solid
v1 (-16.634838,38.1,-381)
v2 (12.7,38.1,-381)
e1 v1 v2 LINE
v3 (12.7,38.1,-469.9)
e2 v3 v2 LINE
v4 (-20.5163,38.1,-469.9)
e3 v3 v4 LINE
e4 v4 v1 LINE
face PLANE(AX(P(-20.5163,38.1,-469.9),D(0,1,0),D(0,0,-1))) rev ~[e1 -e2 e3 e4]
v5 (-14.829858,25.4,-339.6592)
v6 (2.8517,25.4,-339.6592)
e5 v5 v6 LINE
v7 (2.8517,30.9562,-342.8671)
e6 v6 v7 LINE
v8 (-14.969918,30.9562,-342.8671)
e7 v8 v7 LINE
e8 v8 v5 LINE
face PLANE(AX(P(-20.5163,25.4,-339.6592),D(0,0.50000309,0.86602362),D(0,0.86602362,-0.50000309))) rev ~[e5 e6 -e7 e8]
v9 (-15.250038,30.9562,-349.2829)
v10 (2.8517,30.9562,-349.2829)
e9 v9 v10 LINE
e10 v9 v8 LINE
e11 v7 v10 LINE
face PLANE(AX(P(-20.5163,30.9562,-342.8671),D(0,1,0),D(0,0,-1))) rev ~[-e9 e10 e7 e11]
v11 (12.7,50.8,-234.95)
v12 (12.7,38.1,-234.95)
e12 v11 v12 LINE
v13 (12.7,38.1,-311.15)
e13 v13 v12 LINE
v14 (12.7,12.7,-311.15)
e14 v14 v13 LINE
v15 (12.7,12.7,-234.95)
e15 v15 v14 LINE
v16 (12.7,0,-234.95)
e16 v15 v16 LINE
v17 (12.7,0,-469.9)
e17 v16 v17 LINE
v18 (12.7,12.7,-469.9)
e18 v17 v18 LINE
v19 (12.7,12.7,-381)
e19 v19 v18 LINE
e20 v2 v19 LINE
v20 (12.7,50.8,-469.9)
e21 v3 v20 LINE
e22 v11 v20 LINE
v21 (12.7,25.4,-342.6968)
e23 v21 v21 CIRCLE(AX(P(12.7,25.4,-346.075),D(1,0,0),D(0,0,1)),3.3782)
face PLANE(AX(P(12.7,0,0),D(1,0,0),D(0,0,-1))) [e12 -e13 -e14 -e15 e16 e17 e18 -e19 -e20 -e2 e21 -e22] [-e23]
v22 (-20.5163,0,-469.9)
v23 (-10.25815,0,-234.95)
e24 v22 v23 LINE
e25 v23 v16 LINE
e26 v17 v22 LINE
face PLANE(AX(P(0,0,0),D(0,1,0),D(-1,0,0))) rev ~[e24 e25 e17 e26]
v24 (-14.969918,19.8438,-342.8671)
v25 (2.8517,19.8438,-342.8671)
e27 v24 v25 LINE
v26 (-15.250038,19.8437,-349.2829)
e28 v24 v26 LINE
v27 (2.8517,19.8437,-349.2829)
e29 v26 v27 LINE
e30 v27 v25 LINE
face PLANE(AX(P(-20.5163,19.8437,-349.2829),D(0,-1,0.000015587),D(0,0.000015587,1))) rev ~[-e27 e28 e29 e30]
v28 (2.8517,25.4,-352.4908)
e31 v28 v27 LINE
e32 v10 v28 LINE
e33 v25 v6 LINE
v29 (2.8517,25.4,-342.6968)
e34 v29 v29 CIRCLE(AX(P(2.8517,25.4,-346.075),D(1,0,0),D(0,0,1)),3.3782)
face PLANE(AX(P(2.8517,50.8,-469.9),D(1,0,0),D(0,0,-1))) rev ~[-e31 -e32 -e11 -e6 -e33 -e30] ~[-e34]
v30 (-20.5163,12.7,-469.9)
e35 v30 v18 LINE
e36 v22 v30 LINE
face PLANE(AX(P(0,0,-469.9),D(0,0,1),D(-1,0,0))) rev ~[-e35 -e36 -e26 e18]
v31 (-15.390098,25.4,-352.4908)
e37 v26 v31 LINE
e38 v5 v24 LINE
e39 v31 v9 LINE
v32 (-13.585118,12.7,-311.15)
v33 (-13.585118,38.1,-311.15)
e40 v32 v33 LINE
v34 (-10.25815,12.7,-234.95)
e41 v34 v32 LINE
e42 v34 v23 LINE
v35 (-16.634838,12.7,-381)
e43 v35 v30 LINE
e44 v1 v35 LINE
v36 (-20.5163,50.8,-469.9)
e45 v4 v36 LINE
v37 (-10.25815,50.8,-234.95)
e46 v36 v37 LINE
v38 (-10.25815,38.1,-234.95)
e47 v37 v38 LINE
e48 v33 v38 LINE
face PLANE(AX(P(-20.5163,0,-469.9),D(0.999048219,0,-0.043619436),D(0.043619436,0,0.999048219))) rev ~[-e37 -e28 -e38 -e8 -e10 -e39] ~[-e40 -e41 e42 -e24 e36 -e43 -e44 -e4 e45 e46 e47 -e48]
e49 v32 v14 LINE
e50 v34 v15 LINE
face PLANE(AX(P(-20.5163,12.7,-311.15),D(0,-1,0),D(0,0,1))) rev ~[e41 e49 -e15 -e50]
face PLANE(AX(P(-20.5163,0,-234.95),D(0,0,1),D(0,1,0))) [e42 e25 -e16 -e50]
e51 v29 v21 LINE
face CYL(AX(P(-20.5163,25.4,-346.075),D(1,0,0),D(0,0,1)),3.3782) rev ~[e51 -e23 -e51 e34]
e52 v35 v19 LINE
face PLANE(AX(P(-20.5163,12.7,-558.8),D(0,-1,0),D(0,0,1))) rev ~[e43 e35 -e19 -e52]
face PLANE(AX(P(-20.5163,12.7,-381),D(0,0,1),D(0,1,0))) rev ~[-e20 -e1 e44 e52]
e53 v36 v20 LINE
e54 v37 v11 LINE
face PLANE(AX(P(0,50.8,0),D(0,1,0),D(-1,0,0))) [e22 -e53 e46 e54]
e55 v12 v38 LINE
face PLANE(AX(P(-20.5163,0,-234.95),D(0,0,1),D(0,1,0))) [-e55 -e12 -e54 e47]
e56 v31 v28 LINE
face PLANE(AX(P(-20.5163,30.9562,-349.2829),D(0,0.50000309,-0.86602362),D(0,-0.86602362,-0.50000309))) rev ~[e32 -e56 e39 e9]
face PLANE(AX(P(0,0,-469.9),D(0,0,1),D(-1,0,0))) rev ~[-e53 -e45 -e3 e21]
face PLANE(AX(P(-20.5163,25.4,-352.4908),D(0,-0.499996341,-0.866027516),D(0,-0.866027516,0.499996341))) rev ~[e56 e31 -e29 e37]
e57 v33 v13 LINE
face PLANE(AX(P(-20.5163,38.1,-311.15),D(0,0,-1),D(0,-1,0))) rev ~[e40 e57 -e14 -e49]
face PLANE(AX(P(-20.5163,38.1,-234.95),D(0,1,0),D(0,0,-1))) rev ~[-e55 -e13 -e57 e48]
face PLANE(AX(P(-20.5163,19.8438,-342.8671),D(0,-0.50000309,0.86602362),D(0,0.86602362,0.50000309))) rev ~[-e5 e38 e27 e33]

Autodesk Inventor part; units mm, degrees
ref_plane "YZ Plane" through (0, 0, 0) normal (1, 0, 0) x (0, 1, 0)
ref_plane "XZ Plane" through (0, 0, 0) normal (0, 1, 0) x (-1, 0, 0)
sketch "Sketch1" plane through (0, 0, 0) normal (0, 1, 0) x (-1, 0, 0)
  line L0 (0, 0) -> (0, -469.9)
  line L1 (0, -469.9) -> (0, -122.0086)
  line L2 (0, -469.9) -> (20.5163, -469.9)
  line L3 (20.5163, -469.9) -> (0, 0)
  dimension "d0" = 469.9
  dimension "d1" = 2.5
extrude "Extrusion1" add sketch "Sketch1" along normal blind 50.8
ref_plane "Work Plane1" through (-20.5163, 50.8, -469.9) normal (1, 0, 0) x (0, 0, -1)
sketch "Sketch2" plane through (0, 0, 0) normal (1, 0, 0) x (0, 0, -1)
  line L0 (0, 0) -> (469.9, 0) projected
  line L1 (0, 50.8) -> (469.9, 50.8) projected
  line L2 (0, 0) -> (469.9, 0)
  line L3 (469.9, 0) -> (469.9, 50.8)
  line L4 (469.9, 50.8) -> (0, 50.8)
  line L5 (0, 50.8) -> (0, 0)
extrude "Extrusion2" add sketch "Sketch2" along normal blind 12.7
sketch "Sketch4" plane through (-20.5163, 50.8, -469.9) normal (1, 0, 0) x (0, 0, -1)
  line L0 (0, -50.8) -> (0, 0) construction
  line L1 (0, -25.4) -> (-279.4, -25.4) construction
  line L2 (0, -50.8) -> (-469.9, -50.8) construction
  line L3 (-469.9, -50.8) -> (-469.9, 0) construction
  point P0 (-381, -25.4)
  point P1 (-123.825, -25.4)
  point P2 (-469.9, 0)
  dimension "d16" = 25.4
  dimension "d17" = 88.9
  dimension "d18" = 346.075
hole "Hole2" at (-20.5163, 25.4, -88.9) at (-20.5163, 25.4, -346.075) direction (1, 0, 0) diameter 6.7564 end through all clearance for "Flat Head Machine Screw (82)" size "1/4" standard "Ansi Unified Screw Threads"
sketch "Sketch6" plane through (-20.5163, 50.8, -469.9) normal (1, 0, 0) x (0, 0, -1)
  circle A0 centre (-123.825, -25.4) radius 3.3782 projected
  line L0 (-130.2408, -25.4) -> (-127.0329, -19.8438)
  line L1 (-127.0329, -19.8438) -> (-120.6171, -19.8438)
  line L2 (-120.6171, -19.8438) -> (-117.4092, -25.4)
  line L3 (-117.4092, -25.4) -> (-120.6171, -30.9563)
  line L4 (-120.6171, -30.9563) -> (-127.0329, -30.9562)
  line L5 (-127.0329, -30.9562) -> (-130.2408, -25.4)
  circle A1 centre (-381, -25.4) radius 3.3782 projected
  line L6 (-387.4158, -25.4) -> (-384.2079, -19.8438)
  line L7 (-384.2079, -19.8438) -> (-377.7921, -19.8438)
  line L8 (-377.7921, -19.8438) -> (-374.5842, -25.4)
  line L9 (-374.5842, -25.4) -> (-377.7921, -30.9563)
  line L10 (-377.7921, -30.9563) -> (-384.2079, -30.9563)
  line L11 (-384.2079, -30.9563) -> (-387.4158, -25.4)
  line L12 (0, 0) -> (-469.9, 0) projected
  point P0 (-469.9, -50.8)
  dimension "d26" = 11.1125
extrude "Extrusion3" cut sketch "Sketch6" along normal blind 23.368
ref_plane "Work Plane2" through (-20.5163, 0, -234.95) normal (0, 0, -1) x (-1, 0, 0)
split "Split2" plane through (-20.5163, 0, -234.95) removes the side toward (0, 0, 1)
sketch "Sketch7" plane through (-20.5163, 50.8, -469.9) normal (1, 0, 0) x (0, 0, -1)
  line L0 (-158.75, -38.1) -> (-311.15, -38.1)
  line L1 (-311.15, -38.1) -> (-311.15, -12.7)
  line L2 (-311.15, -12.7) -> (-158.75, -12.7)
  line L3 (-158.75, -12.7) -> (-158.75, -38.1)
  line L4 (-234.95, 0) -> (-234.95, -50.8) projected
  line L5 (-158.75, -38.1) -> (-311.15, -12.7) construction
  line L6 (-311.15, -38.1) -> (-158.75, -12.7) construction
  line L7 (88.9, -38.1) -> (-88.9, -38.1)
  line L8 (-88.9, -38.1) -> (-88.9, -12.7)
  line L9 (-88.9, -12.7) -> (88.9, -12.7)
  line L10 (88.9, -12.7) -> (88.9, -38.1)
  line L11 (0, -50.8) -> (0, 0) projected
  line L12 (88.9, -38.1) -> (-88.9, -12.7) construction
  line L13 (-88.9, -38.1) -> (88.9, -12.7) construction
  point P0 (-469.9, -50.8)
  point P1 (-234.95, -25.4)
  point P2 (0, -25.4)
  dimension "d30" = 25.4
  dimension "d31" = 177.8
  dimension "d32" = 152.4
extrude "Extrusion4" cut sketch "Sketch7" along normal through all
equation "\"d0\" = lengthOfFixture"
equation "\"d1\" = cutAngle"
equation "\"d2\" = heightOfJig"
equation "\"d4\" = addedDepthToSupportBolts"
equation "\"d16\" = heightOfBoltHolt"
equation "\"d17\" = bottomToFirstHole"
equation "\"d18\" = bottomToSecondHole"
equation "\"d26\" = hexBoltDiameter"
equation "\"d27\" = depthOfHoleForHexBolt + clearanceForHexbolt"
equation "\"lengthOfFixture\" = 469.9"
equation "\"cutAngle\" = 2.5deg"
equation "\"bottomToFirstHole\" = 88.9"
equation "\"distanceBetweenBolts\" = 257.175"
equation "\"bottomToSecondHole\" = bottomToFirstHole + distanceBetweenBolts"
equation "\"heightOfBoltHolt\" = 25.4"
equation "\"boltSize\" = 6.35"
equation "\"heightOfJig\" = 50.8"
equation "\"addedDepthToSupportBolts\" = 12.7"
equation "\"depthOfHoleForHexBolt\" = 22.86"
equation "\"hexBoltDiameter\" = 11.1125"
equation "\"clearanceForHexbolt\" = 0.508"
equation "\"d29\" = -0.5 * lengthOfFixture"
properties part number "jigForRipCutsB" material "PC/ABS Plastic"
